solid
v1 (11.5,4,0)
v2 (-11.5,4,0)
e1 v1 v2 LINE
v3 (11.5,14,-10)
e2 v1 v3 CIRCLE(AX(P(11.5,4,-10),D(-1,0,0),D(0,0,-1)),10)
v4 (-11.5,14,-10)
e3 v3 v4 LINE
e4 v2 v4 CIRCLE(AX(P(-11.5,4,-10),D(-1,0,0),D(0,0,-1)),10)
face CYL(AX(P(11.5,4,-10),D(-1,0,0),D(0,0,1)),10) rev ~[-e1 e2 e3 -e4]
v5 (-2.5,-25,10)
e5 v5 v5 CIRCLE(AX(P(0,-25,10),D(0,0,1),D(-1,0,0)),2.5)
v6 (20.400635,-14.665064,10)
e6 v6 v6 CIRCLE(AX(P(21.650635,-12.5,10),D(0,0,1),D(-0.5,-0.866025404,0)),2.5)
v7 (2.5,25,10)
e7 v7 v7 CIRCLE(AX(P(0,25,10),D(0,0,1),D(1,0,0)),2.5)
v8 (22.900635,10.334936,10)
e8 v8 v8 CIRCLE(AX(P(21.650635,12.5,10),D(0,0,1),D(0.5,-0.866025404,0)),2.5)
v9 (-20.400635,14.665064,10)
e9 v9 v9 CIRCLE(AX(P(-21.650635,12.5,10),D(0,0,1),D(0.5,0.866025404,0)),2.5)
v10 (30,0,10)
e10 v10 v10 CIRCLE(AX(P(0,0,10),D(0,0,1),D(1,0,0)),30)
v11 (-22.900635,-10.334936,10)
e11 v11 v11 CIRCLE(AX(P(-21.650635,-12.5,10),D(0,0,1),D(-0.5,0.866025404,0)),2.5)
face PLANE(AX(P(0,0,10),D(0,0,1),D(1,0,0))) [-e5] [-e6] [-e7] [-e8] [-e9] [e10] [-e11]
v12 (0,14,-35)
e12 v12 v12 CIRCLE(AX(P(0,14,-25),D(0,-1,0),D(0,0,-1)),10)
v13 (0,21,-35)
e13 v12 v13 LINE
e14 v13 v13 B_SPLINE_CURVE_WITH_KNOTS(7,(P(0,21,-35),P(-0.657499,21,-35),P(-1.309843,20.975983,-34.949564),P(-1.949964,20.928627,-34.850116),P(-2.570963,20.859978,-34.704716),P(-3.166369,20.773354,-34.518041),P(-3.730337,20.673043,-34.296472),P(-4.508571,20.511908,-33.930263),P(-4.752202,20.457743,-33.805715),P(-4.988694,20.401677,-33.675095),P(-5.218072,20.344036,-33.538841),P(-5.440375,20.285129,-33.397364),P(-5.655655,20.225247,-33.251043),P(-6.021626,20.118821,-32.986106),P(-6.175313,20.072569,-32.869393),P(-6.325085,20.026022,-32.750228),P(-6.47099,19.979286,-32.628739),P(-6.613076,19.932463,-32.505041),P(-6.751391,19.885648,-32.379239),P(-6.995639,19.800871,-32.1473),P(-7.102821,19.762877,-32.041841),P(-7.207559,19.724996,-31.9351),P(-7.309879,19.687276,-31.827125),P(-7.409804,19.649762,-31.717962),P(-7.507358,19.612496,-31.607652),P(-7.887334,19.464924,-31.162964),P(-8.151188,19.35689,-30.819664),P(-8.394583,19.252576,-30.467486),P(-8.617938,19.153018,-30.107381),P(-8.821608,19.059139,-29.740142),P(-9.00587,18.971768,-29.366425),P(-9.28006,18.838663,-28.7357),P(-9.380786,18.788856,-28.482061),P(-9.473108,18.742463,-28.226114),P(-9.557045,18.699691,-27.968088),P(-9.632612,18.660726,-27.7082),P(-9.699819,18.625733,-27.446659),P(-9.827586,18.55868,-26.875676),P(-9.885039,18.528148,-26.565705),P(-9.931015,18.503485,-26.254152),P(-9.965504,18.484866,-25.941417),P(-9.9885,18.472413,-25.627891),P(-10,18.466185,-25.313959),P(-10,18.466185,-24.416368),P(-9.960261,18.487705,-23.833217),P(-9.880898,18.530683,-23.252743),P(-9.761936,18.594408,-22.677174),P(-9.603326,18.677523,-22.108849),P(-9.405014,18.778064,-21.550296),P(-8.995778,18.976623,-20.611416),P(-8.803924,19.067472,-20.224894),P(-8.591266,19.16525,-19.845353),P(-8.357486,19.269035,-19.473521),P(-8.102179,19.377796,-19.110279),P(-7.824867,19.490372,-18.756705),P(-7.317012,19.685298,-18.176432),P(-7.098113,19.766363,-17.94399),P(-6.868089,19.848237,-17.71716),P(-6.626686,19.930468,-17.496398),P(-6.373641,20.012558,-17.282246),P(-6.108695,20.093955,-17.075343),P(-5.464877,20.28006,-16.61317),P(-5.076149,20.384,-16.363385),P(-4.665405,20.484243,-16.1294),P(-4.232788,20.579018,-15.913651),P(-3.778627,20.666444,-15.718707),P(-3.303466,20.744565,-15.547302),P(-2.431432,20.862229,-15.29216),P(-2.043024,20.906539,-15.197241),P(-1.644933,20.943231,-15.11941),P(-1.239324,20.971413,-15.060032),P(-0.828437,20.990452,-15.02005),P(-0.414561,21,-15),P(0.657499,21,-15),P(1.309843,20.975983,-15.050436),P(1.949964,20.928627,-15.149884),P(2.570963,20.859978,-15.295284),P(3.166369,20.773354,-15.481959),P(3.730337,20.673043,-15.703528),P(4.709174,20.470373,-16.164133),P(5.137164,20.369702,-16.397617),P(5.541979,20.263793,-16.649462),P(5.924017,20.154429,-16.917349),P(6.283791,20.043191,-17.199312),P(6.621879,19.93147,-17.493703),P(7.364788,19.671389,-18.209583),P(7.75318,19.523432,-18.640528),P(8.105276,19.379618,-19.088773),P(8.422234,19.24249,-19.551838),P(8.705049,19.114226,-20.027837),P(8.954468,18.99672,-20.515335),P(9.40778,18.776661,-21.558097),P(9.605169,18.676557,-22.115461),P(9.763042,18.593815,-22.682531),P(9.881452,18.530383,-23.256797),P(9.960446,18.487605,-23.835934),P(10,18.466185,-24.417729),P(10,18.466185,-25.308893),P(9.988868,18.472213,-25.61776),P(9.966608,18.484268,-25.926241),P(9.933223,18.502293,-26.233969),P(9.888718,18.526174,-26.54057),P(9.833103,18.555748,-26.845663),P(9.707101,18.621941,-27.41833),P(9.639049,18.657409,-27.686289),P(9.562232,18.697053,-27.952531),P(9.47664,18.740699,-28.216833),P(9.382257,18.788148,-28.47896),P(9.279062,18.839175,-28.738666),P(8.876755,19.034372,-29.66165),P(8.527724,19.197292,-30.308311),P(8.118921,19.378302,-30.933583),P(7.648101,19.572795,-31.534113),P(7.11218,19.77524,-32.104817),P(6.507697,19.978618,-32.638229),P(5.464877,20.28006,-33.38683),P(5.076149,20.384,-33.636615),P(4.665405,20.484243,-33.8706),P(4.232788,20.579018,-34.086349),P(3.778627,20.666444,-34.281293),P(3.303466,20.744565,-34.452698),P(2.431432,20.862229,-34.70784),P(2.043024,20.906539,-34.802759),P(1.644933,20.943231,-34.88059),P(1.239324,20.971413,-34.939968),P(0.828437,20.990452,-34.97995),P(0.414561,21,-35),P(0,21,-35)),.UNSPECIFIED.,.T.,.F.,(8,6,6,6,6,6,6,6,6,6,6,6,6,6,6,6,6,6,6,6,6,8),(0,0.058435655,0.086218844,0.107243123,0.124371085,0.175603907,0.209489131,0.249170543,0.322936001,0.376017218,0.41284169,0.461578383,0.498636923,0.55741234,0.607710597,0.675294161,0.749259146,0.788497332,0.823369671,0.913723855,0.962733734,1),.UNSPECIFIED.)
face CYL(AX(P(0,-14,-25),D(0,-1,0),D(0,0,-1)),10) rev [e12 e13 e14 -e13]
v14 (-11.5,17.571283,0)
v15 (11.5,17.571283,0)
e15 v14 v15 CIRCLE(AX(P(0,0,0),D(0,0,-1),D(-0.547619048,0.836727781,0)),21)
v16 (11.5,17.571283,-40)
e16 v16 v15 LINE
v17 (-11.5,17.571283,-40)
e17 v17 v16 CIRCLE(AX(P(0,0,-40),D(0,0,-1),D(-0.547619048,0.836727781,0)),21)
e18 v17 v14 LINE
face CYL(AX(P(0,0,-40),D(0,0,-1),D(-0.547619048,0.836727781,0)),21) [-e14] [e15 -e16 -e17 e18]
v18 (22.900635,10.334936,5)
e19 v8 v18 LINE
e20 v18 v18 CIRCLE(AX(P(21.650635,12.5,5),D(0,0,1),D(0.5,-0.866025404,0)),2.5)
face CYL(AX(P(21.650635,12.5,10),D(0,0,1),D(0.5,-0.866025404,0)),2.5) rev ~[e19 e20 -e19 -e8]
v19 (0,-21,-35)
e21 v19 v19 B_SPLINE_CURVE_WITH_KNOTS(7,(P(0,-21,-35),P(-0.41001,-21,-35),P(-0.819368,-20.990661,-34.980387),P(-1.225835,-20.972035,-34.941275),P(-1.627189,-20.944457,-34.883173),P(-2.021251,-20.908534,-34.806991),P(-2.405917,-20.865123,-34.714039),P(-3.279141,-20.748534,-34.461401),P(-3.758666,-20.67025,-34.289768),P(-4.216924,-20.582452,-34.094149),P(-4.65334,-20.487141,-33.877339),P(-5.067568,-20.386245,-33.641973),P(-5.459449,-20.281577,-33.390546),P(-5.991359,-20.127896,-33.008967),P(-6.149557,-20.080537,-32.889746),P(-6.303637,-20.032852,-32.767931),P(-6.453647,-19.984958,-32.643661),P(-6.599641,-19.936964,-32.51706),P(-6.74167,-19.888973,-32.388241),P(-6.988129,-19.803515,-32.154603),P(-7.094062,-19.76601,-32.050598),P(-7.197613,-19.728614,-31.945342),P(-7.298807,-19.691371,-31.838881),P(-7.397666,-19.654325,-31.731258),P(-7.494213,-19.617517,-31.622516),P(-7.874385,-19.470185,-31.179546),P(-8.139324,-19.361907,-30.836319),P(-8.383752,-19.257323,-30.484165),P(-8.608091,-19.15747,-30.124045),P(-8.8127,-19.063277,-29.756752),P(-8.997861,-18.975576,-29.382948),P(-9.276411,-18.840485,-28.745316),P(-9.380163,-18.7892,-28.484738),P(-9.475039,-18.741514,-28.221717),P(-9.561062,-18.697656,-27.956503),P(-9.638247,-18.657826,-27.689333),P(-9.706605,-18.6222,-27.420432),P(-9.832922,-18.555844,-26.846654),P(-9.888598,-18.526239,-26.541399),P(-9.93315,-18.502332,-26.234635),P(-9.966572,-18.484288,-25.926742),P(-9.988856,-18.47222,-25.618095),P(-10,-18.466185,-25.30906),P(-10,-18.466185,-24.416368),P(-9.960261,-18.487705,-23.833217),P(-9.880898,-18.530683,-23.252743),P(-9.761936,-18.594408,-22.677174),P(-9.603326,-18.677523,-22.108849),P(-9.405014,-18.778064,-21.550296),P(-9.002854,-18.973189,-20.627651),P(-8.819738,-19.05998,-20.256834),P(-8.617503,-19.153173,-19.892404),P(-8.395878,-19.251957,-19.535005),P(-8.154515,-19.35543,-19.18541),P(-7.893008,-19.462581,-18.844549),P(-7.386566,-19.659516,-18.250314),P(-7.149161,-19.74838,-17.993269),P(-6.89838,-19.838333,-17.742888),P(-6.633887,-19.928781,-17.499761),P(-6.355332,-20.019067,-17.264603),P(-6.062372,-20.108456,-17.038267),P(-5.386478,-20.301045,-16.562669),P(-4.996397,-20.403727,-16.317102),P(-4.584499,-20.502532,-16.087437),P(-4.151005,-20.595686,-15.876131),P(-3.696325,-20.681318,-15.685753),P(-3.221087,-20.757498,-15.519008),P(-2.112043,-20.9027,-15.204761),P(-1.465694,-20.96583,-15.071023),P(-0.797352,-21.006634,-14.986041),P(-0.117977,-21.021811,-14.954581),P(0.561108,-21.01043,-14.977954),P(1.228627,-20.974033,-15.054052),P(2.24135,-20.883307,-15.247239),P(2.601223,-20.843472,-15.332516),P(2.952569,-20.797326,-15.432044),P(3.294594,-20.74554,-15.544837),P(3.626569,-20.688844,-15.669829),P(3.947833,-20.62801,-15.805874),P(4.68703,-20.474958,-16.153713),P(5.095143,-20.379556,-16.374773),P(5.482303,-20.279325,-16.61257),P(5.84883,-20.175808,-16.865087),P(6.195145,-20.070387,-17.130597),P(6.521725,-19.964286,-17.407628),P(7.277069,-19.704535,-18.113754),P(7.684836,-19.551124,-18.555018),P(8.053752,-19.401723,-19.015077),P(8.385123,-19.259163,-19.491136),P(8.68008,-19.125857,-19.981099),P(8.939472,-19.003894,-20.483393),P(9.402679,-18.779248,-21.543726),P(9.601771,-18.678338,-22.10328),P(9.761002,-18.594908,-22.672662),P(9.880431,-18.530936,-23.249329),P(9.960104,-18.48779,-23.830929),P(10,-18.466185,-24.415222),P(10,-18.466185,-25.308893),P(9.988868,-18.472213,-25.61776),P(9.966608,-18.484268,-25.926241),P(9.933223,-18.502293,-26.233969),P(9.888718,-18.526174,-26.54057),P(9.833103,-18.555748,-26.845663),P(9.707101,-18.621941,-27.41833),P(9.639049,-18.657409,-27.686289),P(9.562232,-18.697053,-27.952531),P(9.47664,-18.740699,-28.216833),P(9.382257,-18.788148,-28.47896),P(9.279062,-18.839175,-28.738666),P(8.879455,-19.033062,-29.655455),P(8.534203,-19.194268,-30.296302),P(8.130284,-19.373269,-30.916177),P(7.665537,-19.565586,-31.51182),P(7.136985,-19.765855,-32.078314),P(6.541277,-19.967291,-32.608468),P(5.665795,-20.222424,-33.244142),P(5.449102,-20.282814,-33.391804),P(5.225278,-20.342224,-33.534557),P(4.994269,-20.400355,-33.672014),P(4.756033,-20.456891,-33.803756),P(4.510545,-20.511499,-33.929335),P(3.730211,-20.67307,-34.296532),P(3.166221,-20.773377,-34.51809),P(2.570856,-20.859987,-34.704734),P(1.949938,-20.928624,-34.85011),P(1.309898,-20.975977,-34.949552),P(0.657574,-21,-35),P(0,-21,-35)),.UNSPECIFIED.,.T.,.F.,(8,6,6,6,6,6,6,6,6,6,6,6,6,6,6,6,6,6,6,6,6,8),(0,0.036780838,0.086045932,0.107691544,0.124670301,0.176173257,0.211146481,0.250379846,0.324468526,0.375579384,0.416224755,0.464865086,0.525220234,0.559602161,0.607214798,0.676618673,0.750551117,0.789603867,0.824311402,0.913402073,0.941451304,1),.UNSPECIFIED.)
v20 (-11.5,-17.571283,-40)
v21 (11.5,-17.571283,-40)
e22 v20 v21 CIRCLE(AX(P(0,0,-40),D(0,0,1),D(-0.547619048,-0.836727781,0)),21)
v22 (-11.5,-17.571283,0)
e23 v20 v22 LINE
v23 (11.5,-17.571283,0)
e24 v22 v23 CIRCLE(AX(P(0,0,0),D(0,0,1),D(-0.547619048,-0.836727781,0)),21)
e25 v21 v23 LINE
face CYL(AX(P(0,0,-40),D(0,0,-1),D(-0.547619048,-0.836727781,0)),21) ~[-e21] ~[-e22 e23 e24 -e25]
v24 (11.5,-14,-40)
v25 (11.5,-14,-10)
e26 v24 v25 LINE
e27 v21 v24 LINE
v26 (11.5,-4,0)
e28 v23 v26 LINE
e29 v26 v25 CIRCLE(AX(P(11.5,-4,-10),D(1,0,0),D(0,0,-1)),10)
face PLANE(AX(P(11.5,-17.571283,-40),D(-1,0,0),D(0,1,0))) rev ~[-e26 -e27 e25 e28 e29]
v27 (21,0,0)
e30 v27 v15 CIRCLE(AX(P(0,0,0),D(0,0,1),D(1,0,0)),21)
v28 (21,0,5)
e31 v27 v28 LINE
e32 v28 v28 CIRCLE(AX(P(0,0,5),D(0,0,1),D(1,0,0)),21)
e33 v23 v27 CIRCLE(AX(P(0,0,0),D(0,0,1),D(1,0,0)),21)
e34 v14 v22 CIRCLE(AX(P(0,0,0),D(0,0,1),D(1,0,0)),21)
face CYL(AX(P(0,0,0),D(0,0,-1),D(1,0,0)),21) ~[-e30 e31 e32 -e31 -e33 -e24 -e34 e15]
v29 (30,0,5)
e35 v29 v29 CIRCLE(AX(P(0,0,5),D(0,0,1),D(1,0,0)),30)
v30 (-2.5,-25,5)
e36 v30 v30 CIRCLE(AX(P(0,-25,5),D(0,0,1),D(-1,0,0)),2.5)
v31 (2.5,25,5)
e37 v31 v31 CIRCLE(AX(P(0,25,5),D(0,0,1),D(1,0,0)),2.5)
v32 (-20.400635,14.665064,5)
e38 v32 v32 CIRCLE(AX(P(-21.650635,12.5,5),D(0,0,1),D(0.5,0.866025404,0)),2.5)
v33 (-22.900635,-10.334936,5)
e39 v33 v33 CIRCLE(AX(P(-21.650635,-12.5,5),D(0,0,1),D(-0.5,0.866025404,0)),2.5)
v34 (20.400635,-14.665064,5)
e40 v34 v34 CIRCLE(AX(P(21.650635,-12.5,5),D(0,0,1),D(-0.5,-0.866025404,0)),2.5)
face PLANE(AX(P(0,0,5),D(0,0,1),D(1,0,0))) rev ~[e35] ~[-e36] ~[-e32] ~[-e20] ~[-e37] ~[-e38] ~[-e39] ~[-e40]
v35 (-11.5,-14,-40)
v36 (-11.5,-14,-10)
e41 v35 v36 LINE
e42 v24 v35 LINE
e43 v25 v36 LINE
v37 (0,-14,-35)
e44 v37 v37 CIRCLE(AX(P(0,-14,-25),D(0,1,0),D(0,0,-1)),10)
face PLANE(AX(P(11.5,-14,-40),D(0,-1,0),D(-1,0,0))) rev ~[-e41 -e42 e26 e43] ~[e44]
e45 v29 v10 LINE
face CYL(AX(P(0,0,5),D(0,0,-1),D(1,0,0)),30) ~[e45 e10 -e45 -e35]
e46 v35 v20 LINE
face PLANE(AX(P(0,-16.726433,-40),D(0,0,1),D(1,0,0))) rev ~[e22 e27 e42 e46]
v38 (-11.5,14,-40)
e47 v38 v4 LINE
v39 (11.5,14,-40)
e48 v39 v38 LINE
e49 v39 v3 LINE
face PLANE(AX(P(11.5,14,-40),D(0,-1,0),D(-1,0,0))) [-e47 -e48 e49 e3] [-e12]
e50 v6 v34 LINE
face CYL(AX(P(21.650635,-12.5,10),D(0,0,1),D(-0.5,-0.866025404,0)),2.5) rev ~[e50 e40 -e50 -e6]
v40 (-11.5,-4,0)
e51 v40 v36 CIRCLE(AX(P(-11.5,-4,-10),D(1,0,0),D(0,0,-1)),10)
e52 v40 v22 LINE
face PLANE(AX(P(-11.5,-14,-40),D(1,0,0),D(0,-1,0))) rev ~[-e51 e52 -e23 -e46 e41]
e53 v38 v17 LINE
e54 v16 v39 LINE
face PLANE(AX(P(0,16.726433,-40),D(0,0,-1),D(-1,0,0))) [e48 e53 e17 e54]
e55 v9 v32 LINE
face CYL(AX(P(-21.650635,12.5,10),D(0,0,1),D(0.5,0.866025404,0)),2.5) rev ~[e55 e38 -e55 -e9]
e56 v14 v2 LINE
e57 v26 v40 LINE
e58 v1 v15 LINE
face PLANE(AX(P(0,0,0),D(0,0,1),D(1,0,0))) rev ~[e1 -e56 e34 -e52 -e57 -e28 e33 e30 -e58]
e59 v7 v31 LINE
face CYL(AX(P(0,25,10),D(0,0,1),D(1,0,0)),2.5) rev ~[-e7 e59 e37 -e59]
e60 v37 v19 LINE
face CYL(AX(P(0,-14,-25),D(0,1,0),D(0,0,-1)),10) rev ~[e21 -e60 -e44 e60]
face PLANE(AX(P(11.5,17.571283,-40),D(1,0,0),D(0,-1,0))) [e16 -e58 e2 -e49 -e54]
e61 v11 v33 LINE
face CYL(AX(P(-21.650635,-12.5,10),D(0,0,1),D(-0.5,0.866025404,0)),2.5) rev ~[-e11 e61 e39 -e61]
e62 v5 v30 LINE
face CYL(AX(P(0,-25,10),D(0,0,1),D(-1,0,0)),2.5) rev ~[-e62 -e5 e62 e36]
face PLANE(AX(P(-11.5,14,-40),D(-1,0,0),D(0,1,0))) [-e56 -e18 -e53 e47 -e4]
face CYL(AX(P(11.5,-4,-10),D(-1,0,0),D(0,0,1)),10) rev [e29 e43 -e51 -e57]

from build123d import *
from build123d.topology import SkipClean

# Parameters (mm, degrees)
SZKIC1_R                               = 21
DODANIE_WYCI_GNI_CIE1_DEPTH            = 5
DODANIE_WYCI_GNI_CIE2_START            = 40
DODANIE_WYCI_GNI_CIE2_DEPTH            = 40
WYTNIJ_WYCI_GNI_CIE1_REACH             = 59.149
SZKIC4_R                               = 10
WYTNIJ_WYCI_GNI_CIE1_DIRECTION_2_DEPTH = 58.148928249
ZAOKR_GLENIE1_R                        = 10
SZKIC6_R                               = 30
DODANIE_WYCI_GNI_CIE3_DEPTH            = 5
SZKIC7_R                               = 2.5
WYTNIJ_WYCI_GNI_CIE2_DEPTH             = 5
SZYK_KO_OWY1_COUNT                     = 6


with BuildPart() as part:
    # Szkic1 → Dodanie-wyciągnięcie1 (new body)
    with BuildSketch(Plane.XY):
        Circle(SZKIC1_R)
    extrude(amount=DODANIE_WYCI_GNI_CIE1_DEPTH)

    # Szkic2 → Dodanie-wyciągnięcie2 (add)
    with SkipClean():  # the faces are left unmerged after this step: merging them gives an invalid solid
        with BuildSketch(Plane(origin=(0, 0, 0), x_dir=(-1, 0, 0), z_dir=(0, 0, -1)).offset(DODANIE_WYCI_GNI_CIE2_START)):
            with BuildLine():
                Line((-11.5, 17.571283391), (-11.5, 14))
                Line((-11.5, 14), (11.5, 14))
                Line((11.5, 14), (11.5, 17.571283391))
                ThreePointArc((11.5, 17.571283391), (0, 21), (-11.5, 17.571283391))
            make_face()
            with BuildLine():
                Line((11.5, -14), (11.5, -17.571283391))
                ThreePointArc((11.5, -17.571283391), (0, -21), (-11.5, -17.571283391))
                Line((-11.5, -17.571283391), (-11.5, -14))
                Line((-11.5, -14), (11.5, -14))
            make_face()
        extrude(amount=-DODANIE_WYCI_GNI_CIE2_DEPTH)

    # Szkic4 → Wytnij-wyciągnięcie1 (cut, up to next)
    with BuildSketch(Plane(origin=(0, -14, 0), x_dir=(1, 0, 0), z_dir=(0, 1, 0)), mode=Mode.PRIVATE) as wytnij_wyci_gni_cie1_sk1:
        with Locations(Location((0, 25, 0), (0, 0, 90))):
            Circle(SZKIC4_R)
    wytnij_wyci_gni_cie1_tool1 = extrude(wytnij_wyci_gni_cie1_sk1.sketch, amount=-WYTNIJ_WYCI_GNI_CIE1_REACH, mode=Mode.PRIVATE) & part.part
    add(wytnij_wyci_gni_cie1_tool1.solids().sort_by_distance((0, -14, -25))[0], mode=Mode.SUBTRACT)

    # Szkic4 → Wytnij-wyciągnięcie1 direction 2 (cut)
    with SkipClean():  # the faces are left unmerged after this step: merging them gives an invalid solid
        with BuildSketch(Plane(origin=(0, -14, 0), x_dir=(1, 0, 0), z_dir=(0, 1, 0))):
            with Locations(Location((0, 25, 0), (0, 0, 90))):
                Circle(SZKIC4_R)
        extrude(amount=WYTNIJ_WYCI_GNI_CIE1_DIRECTION_2_DEPTH, mode=Mode.SUBTRACT)

    # Zaokrąglenie1
    zaokr_glenie1_edges = [part.edges().sort_by_distance(p)[0] for p in [
        (0, -14, 0),
        (0, 14, 0),
    ]]
    fillet(zaokr_glenie1_edges, radius=ZAOKR_GLENIE1_R)

    # Szkic6 → Dodanie-wyciągnięcie3 (add)
    with SkipClean():  # the faces are left unmerged after this step: merging them gives an invalid solid
        with BuildSketch(Plane.XY.offset(5)):
            Circle(SZKIC6_R)
        extrude(amount=DODANIE_WYCI_GNI_CIE3_DEPTH)

    # Szkic7 → Wytnij-wyciągnięcie2 (cut)
    with SkipClean():  # the faces are left unmerged after this step: merging them gives an invalid solid
        with BuildSketch(Plane.XY.offset(10)):
            with Locations((0, 25)):
                Circle(SZKIC7_R)
        wytnij_wyci_gni_cie2 = extrude(amount=-WYTNIJ_WYCI_GNI_CIE2_DEPTH, mode=Mode.SUBTRACT)

    # Szyk kołowy1: Wytnij-wyciągnięcie2 ×6 about axis
    with SkipClean():  # the faces are left unmerged after this step: merging them gives an invalid solid
        szyk_ko_owy1_axis = Axis((0, 0, 0), (0, 0, 1))
        for i in range(1, SZYK_KO_OWY1_COUNT):
            add(wytnij_wyci_gni_cie2.rotate(szyk_ko_owy1_axis, i * 360 / SZYK_KO_OWY1_COUNT), mode=Mode.SUBTRACT)


solid = part.part
